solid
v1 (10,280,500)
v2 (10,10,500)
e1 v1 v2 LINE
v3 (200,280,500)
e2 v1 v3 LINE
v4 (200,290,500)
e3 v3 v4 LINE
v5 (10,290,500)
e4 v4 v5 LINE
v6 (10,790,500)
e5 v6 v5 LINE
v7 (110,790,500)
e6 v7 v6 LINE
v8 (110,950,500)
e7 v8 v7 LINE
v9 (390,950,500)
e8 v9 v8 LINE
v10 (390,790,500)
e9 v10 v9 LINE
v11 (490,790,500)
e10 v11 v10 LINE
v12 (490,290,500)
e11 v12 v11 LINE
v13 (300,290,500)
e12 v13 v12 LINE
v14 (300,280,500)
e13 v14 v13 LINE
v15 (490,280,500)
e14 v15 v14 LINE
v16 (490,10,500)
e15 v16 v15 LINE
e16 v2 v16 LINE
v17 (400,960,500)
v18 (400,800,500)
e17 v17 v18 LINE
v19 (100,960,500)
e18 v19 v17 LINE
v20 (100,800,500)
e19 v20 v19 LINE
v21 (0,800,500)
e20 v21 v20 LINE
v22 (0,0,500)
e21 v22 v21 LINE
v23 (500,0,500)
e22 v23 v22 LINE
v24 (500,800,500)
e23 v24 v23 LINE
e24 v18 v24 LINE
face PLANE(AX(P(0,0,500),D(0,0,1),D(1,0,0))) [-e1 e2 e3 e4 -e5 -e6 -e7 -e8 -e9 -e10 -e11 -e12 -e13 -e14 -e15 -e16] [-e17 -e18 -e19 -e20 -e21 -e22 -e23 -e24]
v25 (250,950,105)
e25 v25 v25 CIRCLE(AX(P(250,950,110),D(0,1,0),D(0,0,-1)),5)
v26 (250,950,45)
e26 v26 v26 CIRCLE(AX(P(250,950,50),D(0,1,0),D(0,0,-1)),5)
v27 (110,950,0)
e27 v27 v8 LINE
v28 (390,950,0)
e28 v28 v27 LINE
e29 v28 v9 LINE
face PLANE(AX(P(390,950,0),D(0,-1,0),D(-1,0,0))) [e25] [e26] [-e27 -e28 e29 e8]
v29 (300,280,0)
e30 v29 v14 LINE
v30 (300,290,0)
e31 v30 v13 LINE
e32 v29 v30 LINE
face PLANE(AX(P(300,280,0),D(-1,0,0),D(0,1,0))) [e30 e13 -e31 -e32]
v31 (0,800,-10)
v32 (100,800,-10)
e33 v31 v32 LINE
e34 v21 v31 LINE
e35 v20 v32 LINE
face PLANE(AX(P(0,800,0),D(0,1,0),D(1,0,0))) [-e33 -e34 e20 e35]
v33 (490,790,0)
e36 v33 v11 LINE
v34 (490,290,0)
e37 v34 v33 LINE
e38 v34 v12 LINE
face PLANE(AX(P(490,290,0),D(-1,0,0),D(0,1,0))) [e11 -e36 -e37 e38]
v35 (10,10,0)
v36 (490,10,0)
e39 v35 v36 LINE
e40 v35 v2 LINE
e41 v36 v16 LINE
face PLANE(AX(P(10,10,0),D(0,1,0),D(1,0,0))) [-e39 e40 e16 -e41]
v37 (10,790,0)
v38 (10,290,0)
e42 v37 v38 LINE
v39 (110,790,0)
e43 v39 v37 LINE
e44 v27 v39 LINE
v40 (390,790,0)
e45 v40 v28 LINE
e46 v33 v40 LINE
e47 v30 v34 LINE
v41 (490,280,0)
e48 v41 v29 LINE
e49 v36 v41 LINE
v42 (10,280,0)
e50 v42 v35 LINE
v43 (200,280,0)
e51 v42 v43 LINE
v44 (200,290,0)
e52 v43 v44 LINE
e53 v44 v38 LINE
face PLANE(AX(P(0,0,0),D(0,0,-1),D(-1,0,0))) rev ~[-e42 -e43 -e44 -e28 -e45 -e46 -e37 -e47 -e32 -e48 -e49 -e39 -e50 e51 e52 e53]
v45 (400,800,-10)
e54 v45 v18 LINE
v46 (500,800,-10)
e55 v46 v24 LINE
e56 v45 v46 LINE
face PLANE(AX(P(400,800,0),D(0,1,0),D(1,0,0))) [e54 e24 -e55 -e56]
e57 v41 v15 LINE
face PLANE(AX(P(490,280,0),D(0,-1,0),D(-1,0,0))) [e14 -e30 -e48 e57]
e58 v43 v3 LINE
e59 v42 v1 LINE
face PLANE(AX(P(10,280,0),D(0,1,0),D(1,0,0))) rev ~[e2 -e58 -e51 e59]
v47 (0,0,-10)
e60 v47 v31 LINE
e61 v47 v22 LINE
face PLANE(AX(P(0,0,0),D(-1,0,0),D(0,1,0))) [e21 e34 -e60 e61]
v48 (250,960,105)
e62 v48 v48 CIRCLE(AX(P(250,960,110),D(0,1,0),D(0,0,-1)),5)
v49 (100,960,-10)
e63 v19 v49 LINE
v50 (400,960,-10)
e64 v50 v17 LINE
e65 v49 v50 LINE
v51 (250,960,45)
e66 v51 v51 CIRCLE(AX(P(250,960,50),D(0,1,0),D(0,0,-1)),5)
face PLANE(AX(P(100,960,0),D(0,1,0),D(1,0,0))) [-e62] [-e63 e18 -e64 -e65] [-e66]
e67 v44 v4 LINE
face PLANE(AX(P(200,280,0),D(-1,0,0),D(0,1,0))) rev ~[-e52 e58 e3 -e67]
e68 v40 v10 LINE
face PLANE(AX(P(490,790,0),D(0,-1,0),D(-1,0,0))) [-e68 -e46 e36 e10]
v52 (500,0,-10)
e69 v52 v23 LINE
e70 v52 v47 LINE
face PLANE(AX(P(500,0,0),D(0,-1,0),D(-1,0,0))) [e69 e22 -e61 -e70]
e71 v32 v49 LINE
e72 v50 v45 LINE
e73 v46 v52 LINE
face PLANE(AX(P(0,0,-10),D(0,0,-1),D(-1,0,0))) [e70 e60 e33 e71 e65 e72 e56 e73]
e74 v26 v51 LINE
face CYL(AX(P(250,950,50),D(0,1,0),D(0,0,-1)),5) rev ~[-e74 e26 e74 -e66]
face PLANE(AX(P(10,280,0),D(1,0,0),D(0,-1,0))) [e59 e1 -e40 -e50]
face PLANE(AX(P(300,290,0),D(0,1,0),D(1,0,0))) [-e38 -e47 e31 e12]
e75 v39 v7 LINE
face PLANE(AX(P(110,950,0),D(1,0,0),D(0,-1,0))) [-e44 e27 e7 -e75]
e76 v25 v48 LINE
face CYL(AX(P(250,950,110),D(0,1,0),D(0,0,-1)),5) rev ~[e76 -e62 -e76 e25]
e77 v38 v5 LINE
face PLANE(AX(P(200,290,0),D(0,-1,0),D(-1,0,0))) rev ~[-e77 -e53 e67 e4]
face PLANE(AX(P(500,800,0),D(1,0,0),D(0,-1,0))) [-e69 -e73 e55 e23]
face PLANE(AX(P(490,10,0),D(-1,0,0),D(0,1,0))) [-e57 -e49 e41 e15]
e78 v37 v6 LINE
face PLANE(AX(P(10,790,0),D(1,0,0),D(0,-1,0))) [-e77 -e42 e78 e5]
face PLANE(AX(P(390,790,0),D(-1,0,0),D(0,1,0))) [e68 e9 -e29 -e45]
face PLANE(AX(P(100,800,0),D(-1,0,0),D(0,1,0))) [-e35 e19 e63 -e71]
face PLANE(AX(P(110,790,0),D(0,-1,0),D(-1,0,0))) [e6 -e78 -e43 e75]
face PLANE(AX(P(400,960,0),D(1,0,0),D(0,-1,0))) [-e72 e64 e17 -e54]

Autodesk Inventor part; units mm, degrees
ref_plane "YZ Plane" through (0, 0, 0) normal (1, 0, 0) x (0, 1, 0)
ref_plane "XZ Plane" through (0, 0, 0) normal (0, 1, 0) x (-1, 0, 0)
ref_plane "XY Plane" through (0, 0, 0) normal (0, 0, 1) x (1, 0, 0)
sketch "스케치1" plane through (0, 0, 0) normal (0, 0, 1) x (1, 0, 0)
  line L0 (0, 0) -> (0, 800)
  line L1 (0, 800) -> (100, 800)
  line L2 (100, 800) -> (100, 960)
  line L3 (100, 960) -> (400, 960)
  line L4 (400, 960) -> (400, 800)
  line L5 (400, 800) -> (500, 800)
  line L6 (500, 800) -> (500, 0)
  line L7 (500, 0) -> (0, 0)
  line L8 (390, 950) -> (110, 950)
  line L9 (110, 950) -> (110, 790)
  line L10 (110, 790) -> (10, 790)
  line L11 (10, 790) -> (10, 10)
  line L12 (10, 10) -> (490, 10)
  line L13 (490, 10) -> (490, 790)
  line L14 (490, 790) -> (390, 790)
  line L15 (390, 790) -> (390, 950)
  line L16 (10, 280) -> (200, 280)
  line L17 (200, 280) -> (200, 290)
  line L18 (200, 290) -> (10, 290)
  line L19 (10, 290) -> (10, 280)
  line L20 (490, 280) -> (300, 280)
  line L21 (300, 280) -> (300, 290)
  line L22 (300, 290) -> (490, 290)
  line L23 (490, 290) -> (490, 280)
  dimension "d0" = 800
  dimension "d1" = 100
  dimension "d2" = 160
  dimension "d3" = 300
  dimension "d4" = 160
  dimension "d5" = 100
  dimension "d6" = 800
  dimension "d7" = 10
  dimension "d8" = 190
  dimension "d9" = 10
  dimension "d10" = 190
  dimension "d11" = 10
  dimension "d12" = 500
extrude "돌출1" add sketch "스케치1" along normal blind 500 contours L0 L1 L2 L3 L4 L5 L6 L7 | L13 L20 L21 L22 | L18 L17 L16 L11
sketch "스케치2" plane through (0, 0, 0) normal (0, 0, -1) x (-1, 0, 0)
  line L0 (-390, 790) -> (-390, 950) projected
  line L1 (-390, 950) -> (-110, 950) projected
  line L2 (-110, 950) -> (-110, 790) projected
  line L3 (-110, 790) -> (-10, 790) projected
  line L4 (-10, 790) -> (-10, 290) projected
  line L5 (-200, 290) -> (-10, 290) projected
  line L6 (-200, 280) -> (-200, 290) projected
  line L7 (-10, 280) -> (-200, 280) projected
  line L8 (-10, 280) -> (-10, 10) projected
  line L9 (-10, 10) -> (-490, 10) projected
  line L10 (-490, 10) -> (-490, 280) projected
  line L11 (-300, 280) -> (-490, 280) projected
  line L12 (-300, 290) -> (-300, 280) projected
  line L13 (-490, 290) -> (-300, 290) projected
  line L14 (-490, 290) -> (-490, 790) projected
  line L15 (-490, 790) -> (-390, 790) projected
  line L16 (0, 0) -> (0, 800) projected
  line L17 (0, 800) -> (-100, 800) projected
  line L18 (-100, 800) -> (-100, 960) projected
  line L19 (-100, 960) -> (-400, 960) projected
  line L20 (-400, 960) -> (-400, 800) projected
  line L21 (-400, 800) -> (-500, 800) projected
  line L22 (-500, 800) -> (-500, 0) projected
  line L23 (-500, 0) -> (0, 0) projected
extrude "돌출2" add sketch "스케치2" along normal blind 10 contours L0 L1 L2 L3 L4 L5 L6 L7 L8 L9 L10 L11 L12 L13 L14 L15 | L23 L22 L21 L20 L19 L18 L17 L16
sketch "스케치4" plane through (110, 950, 500) normal (0, -1, 0) x (1, 0, 0)
  line L0 (-10, 0) -> (-10, -510) projected
  line L1 (290, 0) -> (290, -510) projected
  line L2 (-10, -510) -> (290, -510) projected
  point P0 (-110, -500)
  point P1 (140, -390)
  point P2 (140, -450)
  dimension "d18" = 150
  dimension "d28" = 60
  dimension "d29" = 120
hole "구멍1" at (250, 950, 110) at (250, 950, 50) direction (0, 1, 0) diameter 10 end through all
properties part number "Space"
